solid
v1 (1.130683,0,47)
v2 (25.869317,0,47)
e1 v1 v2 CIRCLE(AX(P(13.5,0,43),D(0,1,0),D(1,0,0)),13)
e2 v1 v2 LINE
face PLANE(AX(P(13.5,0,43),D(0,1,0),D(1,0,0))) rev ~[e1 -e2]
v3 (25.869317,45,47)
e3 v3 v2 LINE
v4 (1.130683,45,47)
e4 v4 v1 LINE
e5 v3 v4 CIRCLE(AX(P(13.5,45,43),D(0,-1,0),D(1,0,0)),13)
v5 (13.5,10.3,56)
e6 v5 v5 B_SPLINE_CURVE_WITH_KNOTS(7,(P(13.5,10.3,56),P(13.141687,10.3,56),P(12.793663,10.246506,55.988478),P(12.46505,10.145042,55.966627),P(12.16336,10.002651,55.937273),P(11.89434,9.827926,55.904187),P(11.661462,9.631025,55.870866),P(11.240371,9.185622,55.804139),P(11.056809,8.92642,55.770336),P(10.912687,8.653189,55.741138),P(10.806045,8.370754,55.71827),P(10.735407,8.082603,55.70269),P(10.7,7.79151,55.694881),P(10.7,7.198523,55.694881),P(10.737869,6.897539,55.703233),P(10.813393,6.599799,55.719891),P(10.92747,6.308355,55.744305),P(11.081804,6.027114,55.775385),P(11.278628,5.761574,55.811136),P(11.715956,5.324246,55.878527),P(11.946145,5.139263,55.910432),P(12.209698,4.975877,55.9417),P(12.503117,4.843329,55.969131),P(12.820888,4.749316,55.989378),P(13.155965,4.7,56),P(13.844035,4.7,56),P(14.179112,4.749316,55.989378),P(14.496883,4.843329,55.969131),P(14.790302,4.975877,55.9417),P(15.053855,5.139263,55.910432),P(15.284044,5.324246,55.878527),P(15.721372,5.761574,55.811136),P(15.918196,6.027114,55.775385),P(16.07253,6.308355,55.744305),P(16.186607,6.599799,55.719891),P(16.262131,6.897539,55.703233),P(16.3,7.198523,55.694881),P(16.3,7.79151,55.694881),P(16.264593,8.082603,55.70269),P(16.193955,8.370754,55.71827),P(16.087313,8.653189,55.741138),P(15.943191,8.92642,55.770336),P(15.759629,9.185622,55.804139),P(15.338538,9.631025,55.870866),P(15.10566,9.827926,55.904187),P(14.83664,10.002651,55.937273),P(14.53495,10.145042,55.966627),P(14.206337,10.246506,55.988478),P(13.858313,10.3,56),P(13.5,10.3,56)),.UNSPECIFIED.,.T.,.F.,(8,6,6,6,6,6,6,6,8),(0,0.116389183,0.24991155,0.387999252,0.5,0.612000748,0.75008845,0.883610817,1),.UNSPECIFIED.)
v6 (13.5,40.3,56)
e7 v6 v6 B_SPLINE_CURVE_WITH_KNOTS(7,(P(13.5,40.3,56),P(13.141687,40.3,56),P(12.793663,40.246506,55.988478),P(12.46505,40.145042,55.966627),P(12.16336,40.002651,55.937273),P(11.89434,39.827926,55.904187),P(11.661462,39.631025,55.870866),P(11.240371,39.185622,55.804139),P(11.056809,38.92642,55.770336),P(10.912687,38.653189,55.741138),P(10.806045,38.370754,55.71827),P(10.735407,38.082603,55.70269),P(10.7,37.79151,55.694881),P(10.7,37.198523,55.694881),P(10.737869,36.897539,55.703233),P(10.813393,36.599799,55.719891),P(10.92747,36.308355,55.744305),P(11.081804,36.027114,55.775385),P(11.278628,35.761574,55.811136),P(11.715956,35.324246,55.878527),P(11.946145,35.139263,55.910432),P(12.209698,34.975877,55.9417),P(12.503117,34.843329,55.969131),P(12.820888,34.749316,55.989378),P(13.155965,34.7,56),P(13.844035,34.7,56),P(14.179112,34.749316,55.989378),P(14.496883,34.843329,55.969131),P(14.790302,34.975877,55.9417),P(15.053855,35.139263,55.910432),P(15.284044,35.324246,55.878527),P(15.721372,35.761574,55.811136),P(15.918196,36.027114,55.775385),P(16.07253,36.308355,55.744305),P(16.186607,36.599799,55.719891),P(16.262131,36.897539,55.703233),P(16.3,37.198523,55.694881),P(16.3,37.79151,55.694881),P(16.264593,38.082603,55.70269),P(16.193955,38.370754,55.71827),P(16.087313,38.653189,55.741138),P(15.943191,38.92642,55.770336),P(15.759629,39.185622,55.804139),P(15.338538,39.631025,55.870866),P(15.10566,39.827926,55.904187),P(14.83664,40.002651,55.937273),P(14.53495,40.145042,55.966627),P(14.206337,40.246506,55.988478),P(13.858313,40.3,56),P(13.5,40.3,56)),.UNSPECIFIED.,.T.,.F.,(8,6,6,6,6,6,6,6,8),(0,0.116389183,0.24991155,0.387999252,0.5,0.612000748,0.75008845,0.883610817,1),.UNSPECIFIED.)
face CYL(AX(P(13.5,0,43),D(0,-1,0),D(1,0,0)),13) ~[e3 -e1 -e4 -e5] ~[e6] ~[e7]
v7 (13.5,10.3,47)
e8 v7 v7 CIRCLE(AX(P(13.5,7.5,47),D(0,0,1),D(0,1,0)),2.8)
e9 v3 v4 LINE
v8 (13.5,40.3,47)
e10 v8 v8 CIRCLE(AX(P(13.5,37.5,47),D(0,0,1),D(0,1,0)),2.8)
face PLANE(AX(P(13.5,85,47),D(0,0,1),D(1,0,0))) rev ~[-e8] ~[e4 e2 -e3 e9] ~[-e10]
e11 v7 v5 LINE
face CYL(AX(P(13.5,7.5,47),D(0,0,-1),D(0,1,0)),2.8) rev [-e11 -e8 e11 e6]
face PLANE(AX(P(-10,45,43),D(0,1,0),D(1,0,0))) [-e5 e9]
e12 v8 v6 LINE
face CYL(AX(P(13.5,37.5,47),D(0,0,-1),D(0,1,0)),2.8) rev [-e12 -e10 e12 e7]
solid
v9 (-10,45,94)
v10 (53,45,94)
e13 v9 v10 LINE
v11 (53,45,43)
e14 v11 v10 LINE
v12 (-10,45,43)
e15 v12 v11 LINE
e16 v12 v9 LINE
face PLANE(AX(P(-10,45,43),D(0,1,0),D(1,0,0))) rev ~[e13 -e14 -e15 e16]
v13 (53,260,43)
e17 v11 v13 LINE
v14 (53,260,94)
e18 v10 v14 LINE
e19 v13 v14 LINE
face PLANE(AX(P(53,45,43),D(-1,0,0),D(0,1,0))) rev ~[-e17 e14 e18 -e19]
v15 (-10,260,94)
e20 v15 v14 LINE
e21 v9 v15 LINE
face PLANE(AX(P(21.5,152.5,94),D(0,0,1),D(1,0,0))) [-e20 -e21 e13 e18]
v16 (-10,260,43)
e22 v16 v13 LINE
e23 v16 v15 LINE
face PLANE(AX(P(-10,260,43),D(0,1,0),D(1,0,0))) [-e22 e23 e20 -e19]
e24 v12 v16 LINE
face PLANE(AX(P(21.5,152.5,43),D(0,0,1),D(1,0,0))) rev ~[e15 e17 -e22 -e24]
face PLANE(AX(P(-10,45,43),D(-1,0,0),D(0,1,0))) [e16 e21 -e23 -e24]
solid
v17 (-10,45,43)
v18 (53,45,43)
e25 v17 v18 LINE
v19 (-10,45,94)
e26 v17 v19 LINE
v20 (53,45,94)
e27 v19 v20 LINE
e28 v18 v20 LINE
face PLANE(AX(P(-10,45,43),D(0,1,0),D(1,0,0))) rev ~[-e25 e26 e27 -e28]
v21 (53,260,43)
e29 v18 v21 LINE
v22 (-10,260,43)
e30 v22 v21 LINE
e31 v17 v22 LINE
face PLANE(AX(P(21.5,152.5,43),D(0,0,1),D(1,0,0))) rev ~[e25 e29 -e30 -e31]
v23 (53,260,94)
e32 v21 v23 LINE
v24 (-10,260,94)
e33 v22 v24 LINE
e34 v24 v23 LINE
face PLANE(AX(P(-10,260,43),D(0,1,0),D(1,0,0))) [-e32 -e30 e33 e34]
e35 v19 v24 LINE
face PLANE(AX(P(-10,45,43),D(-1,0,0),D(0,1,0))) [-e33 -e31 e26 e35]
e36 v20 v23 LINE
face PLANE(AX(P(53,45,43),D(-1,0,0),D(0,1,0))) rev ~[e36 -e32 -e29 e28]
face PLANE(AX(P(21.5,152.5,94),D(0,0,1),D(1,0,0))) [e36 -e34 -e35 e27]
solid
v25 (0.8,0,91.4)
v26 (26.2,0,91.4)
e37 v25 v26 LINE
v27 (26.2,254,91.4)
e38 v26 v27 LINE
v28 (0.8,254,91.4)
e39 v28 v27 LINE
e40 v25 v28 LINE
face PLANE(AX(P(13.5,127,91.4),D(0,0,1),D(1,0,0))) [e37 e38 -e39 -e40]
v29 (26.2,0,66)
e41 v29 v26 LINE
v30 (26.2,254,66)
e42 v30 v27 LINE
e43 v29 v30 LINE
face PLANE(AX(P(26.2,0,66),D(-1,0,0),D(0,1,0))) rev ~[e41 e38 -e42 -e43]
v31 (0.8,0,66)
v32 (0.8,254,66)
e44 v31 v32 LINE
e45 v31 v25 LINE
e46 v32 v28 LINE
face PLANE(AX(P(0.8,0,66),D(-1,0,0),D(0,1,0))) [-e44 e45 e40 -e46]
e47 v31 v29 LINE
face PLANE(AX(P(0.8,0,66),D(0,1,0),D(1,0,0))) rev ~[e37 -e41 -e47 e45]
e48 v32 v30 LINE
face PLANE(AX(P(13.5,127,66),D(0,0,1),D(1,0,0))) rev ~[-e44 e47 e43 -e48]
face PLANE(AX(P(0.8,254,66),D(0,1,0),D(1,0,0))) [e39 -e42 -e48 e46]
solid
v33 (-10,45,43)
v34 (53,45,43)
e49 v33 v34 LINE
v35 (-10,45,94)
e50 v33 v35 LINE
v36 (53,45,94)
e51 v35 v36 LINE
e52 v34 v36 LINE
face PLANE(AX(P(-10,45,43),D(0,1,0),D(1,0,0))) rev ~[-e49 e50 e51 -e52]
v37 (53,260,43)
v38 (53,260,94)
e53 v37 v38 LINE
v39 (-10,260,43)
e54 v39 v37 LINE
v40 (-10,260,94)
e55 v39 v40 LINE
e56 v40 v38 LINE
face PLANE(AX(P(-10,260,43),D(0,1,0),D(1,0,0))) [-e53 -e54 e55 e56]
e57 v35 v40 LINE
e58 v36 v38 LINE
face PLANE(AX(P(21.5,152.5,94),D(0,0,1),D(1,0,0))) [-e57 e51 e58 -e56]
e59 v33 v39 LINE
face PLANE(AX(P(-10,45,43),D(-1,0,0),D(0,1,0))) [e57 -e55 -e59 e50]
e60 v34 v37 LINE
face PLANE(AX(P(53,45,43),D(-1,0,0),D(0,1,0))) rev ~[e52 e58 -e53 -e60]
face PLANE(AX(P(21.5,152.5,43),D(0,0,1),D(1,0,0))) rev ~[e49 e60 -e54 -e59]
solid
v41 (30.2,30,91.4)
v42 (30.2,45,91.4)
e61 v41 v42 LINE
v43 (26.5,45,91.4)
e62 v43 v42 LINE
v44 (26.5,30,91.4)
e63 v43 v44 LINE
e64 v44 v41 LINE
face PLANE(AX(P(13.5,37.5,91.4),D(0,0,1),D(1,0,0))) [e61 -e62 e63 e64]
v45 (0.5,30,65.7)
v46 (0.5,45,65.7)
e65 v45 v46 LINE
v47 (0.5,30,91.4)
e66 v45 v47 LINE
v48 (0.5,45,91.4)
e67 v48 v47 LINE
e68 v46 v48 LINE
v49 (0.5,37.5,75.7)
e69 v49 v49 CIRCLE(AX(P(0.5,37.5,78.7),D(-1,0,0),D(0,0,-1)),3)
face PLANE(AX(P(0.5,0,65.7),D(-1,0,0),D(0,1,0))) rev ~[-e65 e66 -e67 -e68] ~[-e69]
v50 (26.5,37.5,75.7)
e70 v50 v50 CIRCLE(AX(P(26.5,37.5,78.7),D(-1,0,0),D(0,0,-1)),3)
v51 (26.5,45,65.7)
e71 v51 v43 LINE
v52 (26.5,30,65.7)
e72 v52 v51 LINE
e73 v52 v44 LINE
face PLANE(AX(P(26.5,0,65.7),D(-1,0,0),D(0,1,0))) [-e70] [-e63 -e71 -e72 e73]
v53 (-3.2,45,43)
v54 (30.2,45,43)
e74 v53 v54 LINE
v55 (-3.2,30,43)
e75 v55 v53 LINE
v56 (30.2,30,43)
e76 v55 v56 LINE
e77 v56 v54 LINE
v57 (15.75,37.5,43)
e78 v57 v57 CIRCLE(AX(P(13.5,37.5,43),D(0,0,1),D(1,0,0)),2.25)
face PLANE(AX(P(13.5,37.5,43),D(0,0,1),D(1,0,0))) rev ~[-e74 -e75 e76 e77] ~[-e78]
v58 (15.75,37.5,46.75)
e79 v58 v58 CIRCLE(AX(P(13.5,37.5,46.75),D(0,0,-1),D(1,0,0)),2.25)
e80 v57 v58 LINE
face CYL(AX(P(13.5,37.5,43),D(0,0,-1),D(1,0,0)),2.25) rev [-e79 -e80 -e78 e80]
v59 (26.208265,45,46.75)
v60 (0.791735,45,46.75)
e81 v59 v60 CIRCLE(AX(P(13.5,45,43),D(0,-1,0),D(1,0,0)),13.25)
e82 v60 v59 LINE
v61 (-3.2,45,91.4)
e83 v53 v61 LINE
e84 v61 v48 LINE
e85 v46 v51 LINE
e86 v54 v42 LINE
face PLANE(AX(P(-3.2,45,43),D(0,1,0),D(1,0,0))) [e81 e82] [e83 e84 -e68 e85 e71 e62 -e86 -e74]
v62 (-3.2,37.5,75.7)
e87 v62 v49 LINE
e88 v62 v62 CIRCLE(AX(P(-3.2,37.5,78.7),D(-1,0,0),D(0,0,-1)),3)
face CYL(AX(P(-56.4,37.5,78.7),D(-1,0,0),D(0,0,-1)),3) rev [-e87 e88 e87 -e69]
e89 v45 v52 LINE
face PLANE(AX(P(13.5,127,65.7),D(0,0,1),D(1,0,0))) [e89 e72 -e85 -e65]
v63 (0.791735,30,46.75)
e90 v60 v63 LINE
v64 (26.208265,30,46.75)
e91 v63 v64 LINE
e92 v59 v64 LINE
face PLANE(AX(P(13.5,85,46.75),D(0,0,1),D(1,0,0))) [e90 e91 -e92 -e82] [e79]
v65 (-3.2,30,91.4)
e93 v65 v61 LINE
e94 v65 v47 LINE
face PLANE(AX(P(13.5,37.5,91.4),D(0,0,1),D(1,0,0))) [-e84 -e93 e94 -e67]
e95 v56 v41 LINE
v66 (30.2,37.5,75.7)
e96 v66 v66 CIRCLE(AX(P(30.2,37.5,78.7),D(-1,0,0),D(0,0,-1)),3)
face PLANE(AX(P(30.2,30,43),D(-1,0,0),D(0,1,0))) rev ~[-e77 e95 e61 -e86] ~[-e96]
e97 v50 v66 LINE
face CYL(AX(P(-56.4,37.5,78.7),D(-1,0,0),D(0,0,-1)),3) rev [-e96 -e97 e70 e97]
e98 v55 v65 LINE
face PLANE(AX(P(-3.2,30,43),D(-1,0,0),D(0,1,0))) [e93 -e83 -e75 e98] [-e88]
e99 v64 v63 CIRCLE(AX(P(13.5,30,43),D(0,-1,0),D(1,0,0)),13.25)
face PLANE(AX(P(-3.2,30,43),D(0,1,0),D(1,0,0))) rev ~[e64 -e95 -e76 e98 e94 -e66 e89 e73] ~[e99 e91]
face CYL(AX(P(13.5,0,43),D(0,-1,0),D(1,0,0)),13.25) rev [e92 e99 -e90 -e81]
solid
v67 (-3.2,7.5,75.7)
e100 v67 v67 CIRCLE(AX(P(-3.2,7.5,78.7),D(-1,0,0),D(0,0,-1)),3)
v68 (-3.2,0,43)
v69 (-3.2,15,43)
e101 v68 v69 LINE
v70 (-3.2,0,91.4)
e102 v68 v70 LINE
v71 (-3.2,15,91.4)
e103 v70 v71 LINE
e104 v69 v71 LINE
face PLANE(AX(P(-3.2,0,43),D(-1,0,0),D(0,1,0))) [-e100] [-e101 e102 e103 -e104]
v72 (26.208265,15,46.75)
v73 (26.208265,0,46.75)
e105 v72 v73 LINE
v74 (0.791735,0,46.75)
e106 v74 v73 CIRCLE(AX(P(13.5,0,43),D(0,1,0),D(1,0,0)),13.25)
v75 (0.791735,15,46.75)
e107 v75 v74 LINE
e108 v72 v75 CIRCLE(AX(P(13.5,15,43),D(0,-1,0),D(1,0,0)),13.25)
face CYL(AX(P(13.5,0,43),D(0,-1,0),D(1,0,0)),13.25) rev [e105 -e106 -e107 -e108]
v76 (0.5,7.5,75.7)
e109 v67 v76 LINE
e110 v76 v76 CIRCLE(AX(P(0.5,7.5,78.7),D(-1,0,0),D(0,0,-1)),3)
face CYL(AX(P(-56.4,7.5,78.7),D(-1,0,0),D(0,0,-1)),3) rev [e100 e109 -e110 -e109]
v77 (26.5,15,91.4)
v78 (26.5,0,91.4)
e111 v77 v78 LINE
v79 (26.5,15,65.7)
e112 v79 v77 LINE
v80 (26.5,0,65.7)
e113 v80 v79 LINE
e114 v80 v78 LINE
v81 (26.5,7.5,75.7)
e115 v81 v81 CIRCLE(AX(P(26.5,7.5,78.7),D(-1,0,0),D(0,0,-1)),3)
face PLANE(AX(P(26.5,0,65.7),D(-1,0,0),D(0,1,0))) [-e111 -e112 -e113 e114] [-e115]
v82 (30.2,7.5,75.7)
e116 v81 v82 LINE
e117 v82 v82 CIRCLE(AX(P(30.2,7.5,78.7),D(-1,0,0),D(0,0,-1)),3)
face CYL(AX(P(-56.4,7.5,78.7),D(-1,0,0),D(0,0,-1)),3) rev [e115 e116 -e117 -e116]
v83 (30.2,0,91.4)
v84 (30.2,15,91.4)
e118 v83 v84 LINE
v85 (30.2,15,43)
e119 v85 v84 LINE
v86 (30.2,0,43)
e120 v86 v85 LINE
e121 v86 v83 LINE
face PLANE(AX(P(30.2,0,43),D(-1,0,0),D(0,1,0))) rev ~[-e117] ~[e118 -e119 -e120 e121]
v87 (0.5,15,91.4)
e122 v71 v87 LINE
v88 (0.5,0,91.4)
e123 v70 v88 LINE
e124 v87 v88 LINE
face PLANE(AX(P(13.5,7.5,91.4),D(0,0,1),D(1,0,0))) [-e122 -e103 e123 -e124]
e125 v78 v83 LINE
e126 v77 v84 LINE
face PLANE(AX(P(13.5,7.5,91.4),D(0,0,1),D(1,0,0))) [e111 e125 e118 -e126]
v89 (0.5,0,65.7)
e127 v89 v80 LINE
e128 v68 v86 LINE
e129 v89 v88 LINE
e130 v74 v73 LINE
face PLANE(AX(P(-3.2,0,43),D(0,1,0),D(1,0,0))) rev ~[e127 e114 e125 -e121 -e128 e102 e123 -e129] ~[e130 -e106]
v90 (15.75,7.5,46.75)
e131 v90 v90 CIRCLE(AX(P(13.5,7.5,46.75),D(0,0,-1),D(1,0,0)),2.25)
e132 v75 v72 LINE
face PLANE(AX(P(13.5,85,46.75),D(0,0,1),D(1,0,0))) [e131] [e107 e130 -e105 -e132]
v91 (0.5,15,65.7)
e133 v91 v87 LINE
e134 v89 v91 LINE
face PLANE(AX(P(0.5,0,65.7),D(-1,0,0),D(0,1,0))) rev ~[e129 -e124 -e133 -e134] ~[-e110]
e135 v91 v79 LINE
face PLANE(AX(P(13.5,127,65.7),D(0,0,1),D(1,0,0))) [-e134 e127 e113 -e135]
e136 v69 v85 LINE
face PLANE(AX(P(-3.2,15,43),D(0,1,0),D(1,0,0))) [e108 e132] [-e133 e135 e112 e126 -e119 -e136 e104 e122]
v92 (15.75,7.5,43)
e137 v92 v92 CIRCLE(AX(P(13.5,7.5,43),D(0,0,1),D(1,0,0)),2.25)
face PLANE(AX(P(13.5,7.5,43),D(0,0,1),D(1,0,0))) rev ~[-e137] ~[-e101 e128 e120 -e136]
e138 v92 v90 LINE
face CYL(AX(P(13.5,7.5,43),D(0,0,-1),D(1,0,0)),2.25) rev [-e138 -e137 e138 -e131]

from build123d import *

# Parameters (mm, degrees)
BOX013_W          = 25.4
BOX013_H          = 254
BOX013_DEPTH      = 25.4
BOX017_W          = 63
BOX017_H          = 215
BOX017_DEPTH      = 51
BOX021_W          = 63
BOX021_H          = 215
BOX021_DEPTH      = 51
BOX022_W          = 63
BOX022_H          = 215
BOX022_DEPTH      = 51
CYLINDER011_R     = 2.8
CYLINDER011_DEPTH = 10
CYLINDER012_R     = 2.8
CYLINDER012_DEPTH = 10
BOX020_W          = 63
BOX020_H          = 215
BOX020_DEPTH      = 51
BOX012_W          = 27
BOX012_H          = 200
BOX012_DEPTH      = 20
CYLINDER_R        = 13
CYLINDER_DEPTH    = 120
CYLINDER014_R     = 2.25
CYLINDER014_DEPTH = 10
CYLINDER008_R     = 3
CYLINDER008_DEPTH = 100
BOX023_W          = 27
BOX023_H          = 200
BOX023_DEPTH      = 20
CYLINDER013_R     = 13.25
CYLINDER013_DEPTH = 120
BOX_W             = 26
BOX_H             = 254
BOX_DEPTH         = 26
BOX014_W          = 33.4
BOX014_H          = 15
BOX014_DEPTH      = 48.4
CYLINDER015_R     = 2.25
CYLINDER015_DEPTH = 10
CYLINDER009_R     = 3
CYLINDER009_DEPTH = 100
BOX016_W          = 27
BOX016_H          = 200
BOX016_DEPTH      = 20
CYLINDER010_R     = 13.25
CYLINDER010_DEPTH = 120
BOX018_W          = 26
BOX018_H          = 254
BOX018_DEPTH      = 26
BOX015_W          = 33.4
BOX015_H          = 15
BOX015_DEPTH      = 48.4


with BuildPart() as tslotframe001:
    # Box013 → Box013 (new body)
    with BuildSketch(Plane(origin=(0.8, 0, 66), x_dir=(1, 0, 0), z_dir=(0, 0, 1))):
        with Locations((12.7, 127)):
            Rectangle(BOX013_W, BOX013_H)
    extrude(amount=BOX013_DEPTH)


with BuildPart() as shellcuts:
    # Box017 → Box017 (new body)
    with BuildSketch(Plane(origin=(-10, 45, 43), x_dir=(1, 0, 0), z_dir=(0, 0, 1))):
        with Locations((31.5, 107.5)):
            Rectangle(BOX017_W, BOX017_H)
    extrude(amount=BOX017_DEPTH)


with BuildPart() as shellcuts002:
    # Box021 → Box021 (new body)
    with BuildSketch(Plane(origin=(-10, 45, 43), x_dir=(1, 0, 0), z_dir=(0, 0, 1))):
        with Locations((31.5, 107.5)):
            Rectangle(BOX021_W, BOX021_H)
    extrude(amount=BOX021_DEPTH)


with BuildPart() as shellcuts003:
    # Box022 → Box022 (new body)
    with BuildSketch(Plane(origin=(-10, 45, 43), x_dir=(1, 0, 0), z_dir=(0, 0, 1))):
        with Locations((31.5, 107.5)):
            Rectangle(BOX022_W, BOX022_H)
    extrude(amount=BOX022_DEPTH)


with BuildPart() as cylinder011:
    # Cylinder011 → Cylinder011 (new body)
    with BuildSketch(Plane(origin=(13.5, 7.5, 47), x_dir=(0, 1, 0), z_dir=(0, 0, 1))):
        Circle(CYLINDER011_R)
    extrude(amount=CYLINDER011_DEPTH)


with BuildPart() as shellcuts004:
    # Cylinder012 → Cylinder012 (new body)
    with BuildSketch(Plane(origin=(13.5, 37.5, 47), x_dir=(0, 1, 0), z_dir=(0, 0, 1))):
        Circle(CYLINDER012_R)
    extrude(amount=CYLINDER012_DEPTH)

    # Fusion: union Cylinder011
    add(cylinder011.part)


with BuildPart() as shellcuts001:
    # Box020 → Box020 (new body)
    with BuildSketch(Plane(origin=(-10, 45, 43), x_dir=(1, 0, 0), z_dir=(0, 0, 1))):
        with Locations((31.5, 107.5)):
            Rectangle(BOX020_W, BOX020_H)
    extrude(amount=BOX020_DEPTH)


with BuildPart() as shell_holder001:
    # Box012 → Box012 (new body)
    with BuildSketch(Plane.XY.offset(27)):
        with Locations((13.5, 100)):
            Rectangle(BOX012_W, BOX012_H)
    extrude(amount=BOX012_DEPTH)


with BuildPart() as shell001:
    # Cylinder → Cylinder (new body)
    with BuildSketch(Plane(origin=(13.5, 15, 43), x_dir=(1, 0, 0), z_dir=(0, 1, 0))):
        Circle(CYLINDER_R)
    extrude(amount=CYLINDER_DEPTH)

    # Cut005: cut Shell_Holder001
    add(shell_holder001.part, mode=Mode.SUBTRACT)


with BuildPart() as shell001_1:
    # Cut005 placement: moved
    add(shell001.part.moved(Location((0, -15, 0))))

    # Cut: cut ShellCuts001
    add(shellcuts001.part, mode=Mode.SUBTRACT)

    # Cut007: cut ShellCuts004
    add(shellcuts004.part, mode=Mode.SUBTRACT)


with BuildPart() as cylinder014:
    # Cylinder014 → Cylinder014 (new body)
    with BuildSketch(Plane(origin=(13.5, 7.5, 43), x_dir=(1, 0, 0), z_dir=(0, 0, 1))):
        Circle(CYLINDER014_R)
    extrude(amount=CYLINDER014_DEPTH)


with BuildPart() as nailmimic002:
    # Cylinder008 → Cylinder008 (new body)
    with BuildSketch(Plane(origin=(-56.4, 7.5, 78.7), x_dir=(0, 0, -1), z_dir=(1, 0, 0))):
        Circle(CYLINDER008_R)
    extrude(amount=CYLINDER008_DEPTH)


with BuildPart() as shell_holder003:
    # Box023 → Box023 (new body)
    with BuildSketch(Plane.XY.offset(26.75)):
        with Locations((13.5, 100)):
            Rectangle(BOX023_W, BOX023_H)
    extrude(amount=BOX023_DEPTH)


with BuildPart() as shellcut001:
    # Cylinder013 → Cylinder013 (new body)
    with BuildSketch(Plane(origin=(13.5, 15, 43), x_dir=(1, 0, 0), z_dir=(0, 1, 0))):
        Circle(CYLINDER013_R)
    extrude(amount=CYLINDER013_DEPTH)

    # Cut010: cut Shell_Holder003
    add(shell_holder003.part, mode=Mode.SUBTRACT)


with BuildPart() as shellcut001_1:
    # Cut010 placement: moved
    add(shellcut001.part.moved(Location((0, -15, 0))))


with BuildPart() as tslotframecut:
    # Box → Box (new body)
    with BuildSketch(Plane(origin=(0.5, 0, 65.7), x_dir=(1, 0, 0), z_dir=(0, 0, 1))):
        with Locations((13, 127)):
            Rectangle(BOX_W, BOX_H)
    extrude(amount=BOX_DEPTH)


with BuildPart() as tslotmount008:
    # Box014 → Box014 (new body)
    with BuildSketch(Plane(origin=(-3.2, 0, 43), x_dir=(1, 0, 0), z_dir=(0, 0, 1))):
        with Locations((16.7, 7.5)):
            Rectangle(BOX014_W, BOX014_H)
    extrude(amount=BOX014_DEPTH)

    # Cut008: cut TSlotFrameCut
    add(tslotframecut.part, mode=Mode.SUBTRACT)

    # Cut012: cut ShellCut001
    add(shellcut001_1.part, mode=Mode.SUBTRACT)

    # Cut014: cut NailMimic002
    add(nailmimic002.part, mode=Mode.SUBTRACT)

    # Cut015: cut Cylinder014
    add(cylinder014.part, mode=Mode.SUBTRACT)


with BuildPart() as cylinder015:
    # Cylinder015 → Cylinder015 (new body)
    with BuildSketch(Plane(origin=(13.5, 37.5, 43), x_dir=(1, 0, 0), z_dir=(0, 0, 1))):
        Circle(CYLINDER015_R)
    extrude(amount=CYLINDER015_DEPTH)


with BuildPart() as nailmimic003:
    # Cylinder009 → Cylinder009 (new body)
    with BuildSketch(Plane(origin=(-56.4, 37.5, 78.7), x_dir=(0, 0, -1), z_dir=(1, 0, 0))):
        Circle(CYLINDER009_R)
    extrude(amount=CYLINDER009_DEPTH)


with BuildPart() as shell_holder002:
    # Box016 → Box016 (new body)
    with BuildSketch(Plane.XY.offset(26.75)):
        with Locations((13.5, 100)):
            Rectangle(BOX016_W, BOX016_H)
    extrude(amount=BOX016_DEPTH)


with BuildPart() as shellcut:
    # Cylinder010 → Cylinder010 (new body)
    with BuildSketch(Plane(origin=(13.5, 15, 43), x_dir=(1, 0, 0), z_dir=(0, 1, 0))):
        Circle(CYLINDER010_R)
    extrude(amount=CYLINDER010_DEPTH)

    # Cut006: cut Shell_Holder002
    add(shell_holder002.part, mode=Mode.SUBTRACT)


with BuildPart() as shellcut_1:
    # Cut006 placement: moved
    add(shellcut.part.moved(Location((0, -15, 0))))


with BuildPart() as tslotframecut001:
    # Box018 → Box018 (new body)
    with BuildSketch(Plane(origin=(0.5, 0, 65.7), x_dir=(1, 0, 0), z_dir=(0, 0, 1))):
        with Locations((13, 127)):
            Rectangle(BOX018_W, BOX018_H)
    extrude(amount=BOX018_DEPTH)


with BuildPart() as tslotmount009:
    # Box015 → Box015 (new body)
    with BuildSketch(Plane(origin=(-3.2, 30, 43), x_dir=(1, 0, 0), z_dir=(0, 0, 1))):
        with Locations((16.7, 7.5)):
            Rectangle(BOX015_W, BOX015_H)
    extrude(amount=BOX015_DEPTH)

    # Cut009: cut TSlotFrameCut001
    add(tslotframecut001.part, mode=Mode.SUBTRACT)

    # Cut011: cut ShellCut
    add(shellcut_1.part, mode=Mode.SUBTRACT)

    # Cut013: cut NailMimic003
    add(nailmimic003.part, mode=Mode.SUBTRACT)

    # Cut016: cut Cylinder015
    add(cylinder015.part, mode=Mode.SUBTRACT)


solid = Compound([tslotframe001.part, shellcuts.part, shellcuts002.part, shellcuts003.part, shell001_1.part, tslotmount008.part, tslotmount009.part])
